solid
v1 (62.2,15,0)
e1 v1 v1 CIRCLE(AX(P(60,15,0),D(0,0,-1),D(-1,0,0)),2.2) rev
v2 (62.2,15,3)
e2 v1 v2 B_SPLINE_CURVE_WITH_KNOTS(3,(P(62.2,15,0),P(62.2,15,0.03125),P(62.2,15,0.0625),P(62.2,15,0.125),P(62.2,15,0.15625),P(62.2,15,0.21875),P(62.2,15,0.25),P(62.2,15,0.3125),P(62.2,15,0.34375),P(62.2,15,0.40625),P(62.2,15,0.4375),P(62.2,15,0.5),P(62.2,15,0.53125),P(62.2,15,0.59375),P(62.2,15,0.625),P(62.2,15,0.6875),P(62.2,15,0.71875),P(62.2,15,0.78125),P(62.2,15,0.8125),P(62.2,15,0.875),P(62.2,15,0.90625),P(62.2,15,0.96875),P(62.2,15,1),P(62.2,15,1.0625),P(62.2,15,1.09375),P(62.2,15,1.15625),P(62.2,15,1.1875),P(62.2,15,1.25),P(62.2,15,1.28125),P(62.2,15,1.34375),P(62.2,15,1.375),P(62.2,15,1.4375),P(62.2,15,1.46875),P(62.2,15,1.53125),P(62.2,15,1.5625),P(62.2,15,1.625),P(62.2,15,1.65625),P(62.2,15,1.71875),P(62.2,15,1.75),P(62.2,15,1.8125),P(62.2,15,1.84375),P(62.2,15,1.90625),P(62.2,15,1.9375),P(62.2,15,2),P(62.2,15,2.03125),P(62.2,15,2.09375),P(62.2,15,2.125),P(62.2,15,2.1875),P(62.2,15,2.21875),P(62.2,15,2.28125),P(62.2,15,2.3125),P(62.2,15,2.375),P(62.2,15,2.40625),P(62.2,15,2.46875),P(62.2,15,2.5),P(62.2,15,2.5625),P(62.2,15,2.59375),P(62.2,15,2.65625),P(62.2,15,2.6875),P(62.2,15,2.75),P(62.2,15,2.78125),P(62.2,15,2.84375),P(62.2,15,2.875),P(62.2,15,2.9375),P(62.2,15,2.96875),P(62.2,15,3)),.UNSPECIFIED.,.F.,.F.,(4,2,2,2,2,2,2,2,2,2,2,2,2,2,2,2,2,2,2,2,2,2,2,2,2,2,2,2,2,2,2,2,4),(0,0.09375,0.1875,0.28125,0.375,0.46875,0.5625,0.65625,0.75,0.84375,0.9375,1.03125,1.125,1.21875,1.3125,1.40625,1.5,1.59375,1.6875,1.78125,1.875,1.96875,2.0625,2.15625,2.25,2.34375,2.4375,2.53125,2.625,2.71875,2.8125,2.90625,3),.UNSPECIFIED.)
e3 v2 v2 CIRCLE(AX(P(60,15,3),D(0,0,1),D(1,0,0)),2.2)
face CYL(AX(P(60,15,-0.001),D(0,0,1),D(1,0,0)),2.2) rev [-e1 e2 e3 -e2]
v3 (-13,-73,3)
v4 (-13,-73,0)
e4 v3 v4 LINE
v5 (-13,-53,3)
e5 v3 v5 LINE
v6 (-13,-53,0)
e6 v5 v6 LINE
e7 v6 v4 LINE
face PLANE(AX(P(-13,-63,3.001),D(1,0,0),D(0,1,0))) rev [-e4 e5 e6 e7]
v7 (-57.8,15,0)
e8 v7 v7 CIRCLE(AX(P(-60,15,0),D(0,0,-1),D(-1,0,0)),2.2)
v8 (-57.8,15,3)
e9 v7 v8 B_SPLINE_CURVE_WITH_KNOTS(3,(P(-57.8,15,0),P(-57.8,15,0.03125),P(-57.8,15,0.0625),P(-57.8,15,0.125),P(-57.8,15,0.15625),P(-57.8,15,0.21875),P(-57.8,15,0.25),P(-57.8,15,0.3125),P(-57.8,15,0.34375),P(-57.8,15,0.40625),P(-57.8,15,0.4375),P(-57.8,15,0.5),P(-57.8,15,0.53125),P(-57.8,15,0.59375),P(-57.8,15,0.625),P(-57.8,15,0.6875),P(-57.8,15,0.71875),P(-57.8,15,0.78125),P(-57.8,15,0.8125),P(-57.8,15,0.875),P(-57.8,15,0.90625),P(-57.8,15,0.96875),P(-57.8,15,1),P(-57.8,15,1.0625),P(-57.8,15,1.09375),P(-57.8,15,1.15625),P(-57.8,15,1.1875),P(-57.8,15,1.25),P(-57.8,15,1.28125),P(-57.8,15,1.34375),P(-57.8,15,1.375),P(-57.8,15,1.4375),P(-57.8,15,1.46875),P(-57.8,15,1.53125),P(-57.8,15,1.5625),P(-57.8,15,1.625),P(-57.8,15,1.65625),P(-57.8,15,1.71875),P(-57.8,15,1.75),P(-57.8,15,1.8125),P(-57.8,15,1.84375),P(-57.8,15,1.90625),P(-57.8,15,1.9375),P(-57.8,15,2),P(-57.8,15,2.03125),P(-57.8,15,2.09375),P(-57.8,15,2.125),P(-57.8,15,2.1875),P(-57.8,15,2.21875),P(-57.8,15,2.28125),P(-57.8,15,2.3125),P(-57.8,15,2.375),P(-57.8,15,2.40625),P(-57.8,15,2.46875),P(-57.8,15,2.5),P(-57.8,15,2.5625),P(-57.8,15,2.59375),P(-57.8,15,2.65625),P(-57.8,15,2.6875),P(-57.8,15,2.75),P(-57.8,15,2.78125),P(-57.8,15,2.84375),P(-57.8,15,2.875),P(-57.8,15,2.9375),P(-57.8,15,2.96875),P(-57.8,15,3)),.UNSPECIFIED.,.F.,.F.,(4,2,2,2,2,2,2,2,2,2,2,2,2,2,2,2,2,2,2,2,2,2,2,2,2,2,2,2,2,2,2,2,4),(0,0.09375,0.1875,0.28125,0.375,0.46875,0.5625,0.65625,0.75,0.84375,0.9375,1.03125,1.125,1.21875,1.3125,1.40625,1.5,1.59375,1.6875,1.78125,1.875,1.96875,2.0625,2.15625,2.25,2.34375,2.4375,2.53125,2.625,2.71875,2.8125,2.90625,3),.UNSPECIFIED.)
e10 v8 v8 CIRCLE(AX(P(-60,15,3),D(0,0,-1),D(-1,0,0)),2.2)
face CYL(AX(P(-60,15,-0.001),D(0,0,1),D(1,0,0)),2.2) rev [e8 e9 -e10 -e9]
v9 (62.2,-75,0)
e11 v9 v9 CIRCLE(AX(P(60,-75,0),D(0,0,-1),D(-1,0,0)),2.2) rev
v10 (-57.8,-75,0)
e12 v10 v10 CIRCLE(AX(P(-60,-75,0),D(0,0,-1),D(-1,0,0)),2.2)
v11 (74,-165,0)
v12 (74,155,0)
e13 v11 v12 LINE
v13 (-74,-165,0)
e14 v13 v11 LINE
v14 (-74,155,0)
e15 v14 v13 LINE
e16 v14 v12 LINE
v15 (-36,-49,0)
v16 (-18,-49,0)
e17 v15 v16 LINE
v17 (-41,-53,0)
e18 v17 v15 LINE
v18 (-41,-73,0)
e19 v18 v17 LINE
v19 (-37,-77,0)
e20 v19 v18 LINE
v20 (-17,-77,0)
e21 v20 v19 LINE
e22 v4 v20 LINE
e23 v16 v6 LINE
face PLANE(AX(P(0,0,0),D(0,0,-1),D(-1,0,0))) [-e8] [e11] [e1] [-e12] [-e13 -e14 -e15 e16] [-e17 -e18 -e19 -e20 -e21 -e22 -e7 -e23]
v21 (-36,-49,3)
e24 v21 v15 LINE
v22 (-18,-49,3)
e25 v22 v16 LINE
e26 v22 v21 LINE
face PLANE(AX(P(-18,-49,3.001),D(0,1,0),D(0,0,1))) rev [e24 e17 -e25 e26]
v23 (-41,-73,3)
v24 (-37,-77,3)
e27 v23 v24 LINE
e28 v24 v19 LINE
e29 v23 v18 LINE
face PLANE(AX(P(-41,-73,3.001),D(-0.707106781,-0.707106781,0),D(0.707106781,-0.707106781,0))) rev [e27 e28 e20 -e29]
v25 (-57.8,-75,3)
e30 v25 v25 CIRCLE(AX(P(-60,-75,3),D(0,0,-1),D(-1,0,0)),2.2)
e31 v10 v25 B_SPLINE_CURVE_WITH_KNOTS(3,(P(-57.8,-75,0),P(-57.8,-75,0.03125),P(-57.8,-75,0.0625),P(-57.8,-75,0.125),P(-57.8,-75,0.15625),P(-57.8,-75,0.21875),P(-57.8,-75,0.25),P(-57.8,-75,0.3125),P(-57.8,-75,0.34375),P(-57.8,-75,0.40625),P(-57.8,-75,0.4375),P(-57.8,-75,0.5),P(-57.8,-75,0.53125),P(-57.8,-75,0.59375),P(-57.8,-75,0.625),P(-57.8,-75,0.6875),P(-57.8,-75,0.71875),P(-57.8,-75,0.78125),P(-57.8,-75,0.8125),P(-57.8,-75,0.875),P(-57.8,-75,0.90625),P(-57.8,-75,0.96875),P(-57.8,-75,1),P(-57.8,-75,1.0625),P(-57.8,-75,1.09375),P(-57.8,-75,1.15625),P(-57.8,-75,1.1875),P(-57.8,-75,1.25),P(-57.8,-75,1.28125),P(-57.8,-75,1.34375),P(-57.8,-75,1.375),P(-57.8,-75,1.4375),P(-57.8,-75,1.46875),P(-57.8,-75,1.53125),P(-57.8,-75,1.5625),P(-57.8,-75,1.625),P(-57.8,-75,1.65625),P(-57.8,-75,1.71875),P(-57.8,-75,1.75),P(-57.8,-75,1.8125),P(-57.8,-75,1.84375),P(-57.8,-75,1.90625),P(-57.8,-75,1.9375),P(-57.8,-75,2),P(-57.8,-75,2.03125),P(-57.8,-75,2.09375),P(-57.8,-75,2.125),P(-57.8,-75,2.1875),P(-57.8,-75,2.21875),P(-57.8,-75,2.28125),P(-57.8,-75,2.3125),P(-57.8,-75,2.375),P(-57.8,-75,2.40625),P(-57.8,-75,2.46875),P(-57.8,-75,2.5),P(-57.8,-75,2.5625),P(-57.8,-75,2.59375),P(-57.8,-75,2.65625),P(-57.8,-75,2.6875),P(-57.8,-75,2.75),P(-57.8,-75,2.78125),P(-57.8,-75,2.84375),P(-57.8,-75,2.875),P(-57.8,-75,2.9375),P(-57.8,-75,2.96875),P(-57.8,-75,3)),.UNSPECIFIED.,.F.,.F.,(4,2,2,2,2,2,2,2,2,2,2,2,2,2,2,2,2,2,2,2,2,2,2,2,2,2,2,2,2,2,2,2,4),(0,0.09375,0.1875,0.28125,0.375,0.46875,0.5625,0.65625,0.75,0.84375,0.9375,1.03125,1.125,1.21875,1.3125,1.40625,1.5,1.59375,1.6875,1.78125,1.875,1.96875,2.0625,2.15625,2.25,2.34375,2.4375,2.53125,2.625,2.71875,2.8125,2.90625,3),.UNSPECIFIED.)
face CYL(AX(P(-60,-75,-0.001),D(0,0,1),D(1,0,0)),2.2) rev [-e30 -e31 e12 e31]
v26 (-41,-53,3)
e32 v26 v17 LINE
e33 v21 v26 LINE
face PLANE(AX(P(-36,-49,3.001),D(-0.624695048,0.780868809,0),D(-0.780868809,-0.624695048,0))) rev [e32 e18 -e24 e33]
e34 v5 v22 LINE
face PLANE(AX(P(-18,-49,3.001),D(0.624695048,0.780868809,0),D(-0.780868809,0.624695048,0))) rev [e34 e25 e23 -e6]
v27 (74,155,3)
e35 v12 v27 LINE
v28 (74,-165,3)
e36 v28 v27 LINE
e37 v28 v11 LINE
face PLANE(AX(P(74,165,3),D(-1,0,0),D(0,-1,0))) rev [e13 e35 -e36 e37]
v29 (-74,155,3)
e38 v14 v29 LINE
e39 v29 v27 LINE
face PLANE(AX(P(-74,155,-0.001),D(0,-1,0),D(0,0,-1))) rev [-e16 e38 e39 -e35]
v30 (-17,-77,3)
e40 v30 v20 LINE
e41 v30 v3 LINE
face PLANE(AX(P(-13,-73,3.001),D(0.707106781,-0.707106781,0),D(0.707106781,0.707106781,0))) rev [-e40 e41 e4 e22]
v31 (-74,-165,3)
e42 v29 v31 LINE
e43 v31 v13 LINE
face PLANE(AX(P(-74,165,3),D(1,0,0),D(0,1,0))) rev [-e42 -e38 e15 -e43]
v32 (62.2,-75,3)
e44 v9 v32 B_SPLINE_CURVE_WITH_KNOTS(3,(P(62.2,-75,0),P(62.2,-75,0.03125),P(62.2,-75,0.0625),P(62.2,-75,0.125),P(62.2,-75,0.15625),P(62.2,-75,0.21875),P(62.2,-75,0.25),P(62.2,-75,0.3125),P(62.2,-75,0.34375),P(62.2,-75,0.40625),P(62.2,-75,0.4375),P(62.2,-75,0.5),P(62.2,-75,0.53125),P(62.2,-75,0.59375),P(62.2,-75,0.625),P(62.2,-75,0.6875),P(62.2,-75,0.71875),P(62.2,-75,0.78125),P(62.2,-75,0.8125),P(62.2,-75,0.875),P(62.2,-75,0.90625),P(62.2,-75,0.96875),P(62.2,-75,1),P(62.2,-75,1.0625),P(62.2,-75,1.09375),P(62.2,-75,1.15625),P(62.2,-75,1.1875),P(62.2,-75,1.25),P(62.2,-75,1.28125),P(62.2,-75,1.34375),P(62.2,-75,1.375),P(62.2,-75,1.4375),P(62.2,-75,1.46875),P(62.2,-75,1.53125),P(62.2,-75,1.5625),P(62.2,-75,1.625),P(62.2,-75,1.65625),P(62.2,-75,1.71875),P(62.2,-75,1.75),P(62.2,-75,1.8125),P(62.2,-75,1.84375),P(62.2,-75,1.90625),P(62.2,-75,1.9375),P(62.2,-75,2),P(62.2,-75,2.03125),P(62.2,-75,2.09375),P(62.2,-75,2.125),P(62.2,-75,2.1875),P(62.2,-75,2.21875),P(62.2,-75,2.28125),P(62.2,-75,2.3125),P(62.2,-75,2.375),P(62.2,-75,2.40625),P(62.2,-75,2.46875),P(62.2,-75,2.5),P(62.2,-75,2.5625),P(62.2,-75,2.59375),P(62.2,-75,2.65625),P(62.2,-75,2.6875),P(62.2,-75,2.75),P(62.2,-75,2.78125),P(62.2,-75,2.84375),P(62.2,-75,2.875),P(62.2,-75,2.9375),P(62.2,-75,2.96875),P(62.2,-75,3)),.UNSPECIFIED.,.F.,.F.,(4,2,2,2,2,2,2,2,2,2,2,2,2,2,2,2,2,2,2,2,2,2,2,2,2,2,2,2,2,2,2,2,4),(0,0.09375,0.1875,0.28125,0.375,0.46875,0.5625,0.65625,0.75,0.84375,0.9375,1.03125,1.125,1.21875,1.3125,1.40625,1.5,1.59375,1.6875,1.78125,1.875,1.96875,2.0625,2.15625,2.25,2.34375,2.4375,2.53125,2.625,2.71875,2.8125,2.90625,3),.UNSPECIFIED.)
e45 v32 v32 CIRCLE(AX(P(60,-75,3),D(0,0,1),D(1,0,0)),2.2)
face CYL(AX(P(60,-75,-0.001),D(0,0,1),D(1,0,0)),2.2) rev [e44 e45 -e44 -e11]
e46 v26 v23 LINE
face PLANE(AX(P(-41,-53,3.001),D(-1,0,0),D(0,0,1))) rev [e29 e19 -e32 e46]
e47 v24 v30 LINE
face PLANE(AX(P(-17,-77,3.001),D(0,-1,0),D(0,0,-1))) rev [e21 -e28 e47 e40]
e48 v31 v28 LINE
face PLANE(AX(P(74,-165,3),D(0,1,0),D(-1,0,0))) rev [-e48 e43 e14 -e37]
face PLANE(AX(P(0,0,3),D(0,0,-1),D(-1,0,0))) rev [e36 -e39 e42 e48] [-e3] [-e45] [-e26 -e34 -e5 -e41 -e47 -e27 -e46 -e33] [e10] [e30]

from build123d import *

# Parameters (mm, degrees)
ESQUISSE1_W             = 148
ESQUISSE1_H             = 330
BOSS_EXTRU_1_DEPTH      = 3
ENL_V_MAT_EXTRU_2_REACH = 182.859
ESQUISSE3_R             = 2.2
ENL_V_MAT_EXTRU_3_REACH = 182.859
ESQUISSE4_W             = 148
ESQUISSE4_H             = 10
ENL_V_MAT_EXTRU_4_REACH = 182.859


with BuildPart() as part:
    # Esquisse1 → Boss.-Extru.1 (new body)
    with BuildSketch(Plane.XY):
        Rectangle(ESQUISSE1_W, ESQUISSE1_H)
    extrude(amount=BOSS_EXTRU_1_DEPTH)

    # Esquisse3 → Enlèv. mat.-Extru.2 (cut, up to next)
    with BuildSketch(Plane.XY.offset(3), mode=Mode.PRIVATE) as enl_v_mat_extru_2_sk1:
        with Locations((60, -75)):
            Circle(ESQUISSE3_R)
    enl_v_mat_extru_2_tool1 = extrude(enl_v_mat_extru_2_sk1.sketch, amount=-ENL_V_MAT_EXTRU_2_REACH, mode=Mode.PRIVATE) & part.part
    # Esquisse3 → Enlèv. mat.-Extru.2 (cut, up to next)
    with BuildSketch(Plane.XY.offset(3), mode=Mode.PRIVATE) as enl_v_mat_extru_2_sk2:
        with Locations((60, 15)):
            Circle(ESQUISSE3_R)
    enl_v_mat_extru_2_tool2 = extrude(enl_v_mat_extru_2_sk2.sketch, amount=-ENL_V_MAT_EXTRU_2_REACH, mode=Mode.PRIVATE) & part.part
    enl_v_mat_extru_2_1 = enl_v_mat_extru_2_tool1.solids().sort_by_distance((60, -75, 3))[0]
    add(enl_v_mat_extru_2_1, mode=Mode.SUBTRACT)
    enl_v_mat_extru_2_2 = enl_v_mat_extru_2_tool2.solids().sort_by_distance((60, 15, 3))[0]
    add(enl_v_mat_extru_2_2, mode=Mode.SUBTRACT)
    enl_v_mat_extru_2 = enl_v_mat_extru_2_1 + enl_v_mat_extru_2_2  # Enlèv. mat.-Extru.2 as one shape, for the pattern or mirror that repeats it

    # Esquisse4 → Enlèv. mat.-Extru.3 (cut, up to next)
    with BuildSketch(Plane.XY.offset(3), mode=Mode.PRIVATE) as enl_v_mat_extru_3_sk1:
        with Locations((0, 160)):
            Rectangle(ESQUISSE4_W, ESQUISSE4_H)
    enl_v_mat_extru_3_tool1 = extrude(enl_v_mat_extru_3_sk1.sketch, amount=-ENL_V_MAT_EXTRU_3_REACH, mode=Mode.PRIVATE) & part.part
    add(enl_v_mat_extru_3_tool1.solids().sort_by_distance((0, 160, 3))[0], mode=Mode.SUBTRACT)

    # Symétrie1: Enlèv. mat.-Extru.2 across plane
    add(enl_v_mat_extru_2.mirror(Plane(origin=(0, 0, 0), x_dir=(0, 0, 1), z_dir=(1, 0, 0))), mode=Mode.SUBTRACT)

    # Esquisse5 → Enlèv. mat.-Extru.4 (cut, up to next)
    with BuildSketch(Plane(origin=(0, 0, 0), x_dir=(-1, 0, 0), z_dir=(0, 0, -1)), mode=Mode.PRIVATE) as enl_v_mat_extru_4_sk1:
        Polygon((17, -77), (37, -77), (41, -73), (41, -63), (41, -53), (36, -49), (18, -49), (13, -53), (13, -63), (13, -73), align=None)
    enl_v_mat_extru_4_tool1 = extrude(enl_v_mat_extru_4_sk1.sketch, amount=-ENL_V_MAT_EXTRU_4_REACH, mode=Mode.PRIVATE) & part.part
    add(enl_v_mat_extru_4_tool1.solids().sort_by_distance((-27, -63.067736, 0))[0], mode=Mode.SUBTRACT)


solid = part.part
